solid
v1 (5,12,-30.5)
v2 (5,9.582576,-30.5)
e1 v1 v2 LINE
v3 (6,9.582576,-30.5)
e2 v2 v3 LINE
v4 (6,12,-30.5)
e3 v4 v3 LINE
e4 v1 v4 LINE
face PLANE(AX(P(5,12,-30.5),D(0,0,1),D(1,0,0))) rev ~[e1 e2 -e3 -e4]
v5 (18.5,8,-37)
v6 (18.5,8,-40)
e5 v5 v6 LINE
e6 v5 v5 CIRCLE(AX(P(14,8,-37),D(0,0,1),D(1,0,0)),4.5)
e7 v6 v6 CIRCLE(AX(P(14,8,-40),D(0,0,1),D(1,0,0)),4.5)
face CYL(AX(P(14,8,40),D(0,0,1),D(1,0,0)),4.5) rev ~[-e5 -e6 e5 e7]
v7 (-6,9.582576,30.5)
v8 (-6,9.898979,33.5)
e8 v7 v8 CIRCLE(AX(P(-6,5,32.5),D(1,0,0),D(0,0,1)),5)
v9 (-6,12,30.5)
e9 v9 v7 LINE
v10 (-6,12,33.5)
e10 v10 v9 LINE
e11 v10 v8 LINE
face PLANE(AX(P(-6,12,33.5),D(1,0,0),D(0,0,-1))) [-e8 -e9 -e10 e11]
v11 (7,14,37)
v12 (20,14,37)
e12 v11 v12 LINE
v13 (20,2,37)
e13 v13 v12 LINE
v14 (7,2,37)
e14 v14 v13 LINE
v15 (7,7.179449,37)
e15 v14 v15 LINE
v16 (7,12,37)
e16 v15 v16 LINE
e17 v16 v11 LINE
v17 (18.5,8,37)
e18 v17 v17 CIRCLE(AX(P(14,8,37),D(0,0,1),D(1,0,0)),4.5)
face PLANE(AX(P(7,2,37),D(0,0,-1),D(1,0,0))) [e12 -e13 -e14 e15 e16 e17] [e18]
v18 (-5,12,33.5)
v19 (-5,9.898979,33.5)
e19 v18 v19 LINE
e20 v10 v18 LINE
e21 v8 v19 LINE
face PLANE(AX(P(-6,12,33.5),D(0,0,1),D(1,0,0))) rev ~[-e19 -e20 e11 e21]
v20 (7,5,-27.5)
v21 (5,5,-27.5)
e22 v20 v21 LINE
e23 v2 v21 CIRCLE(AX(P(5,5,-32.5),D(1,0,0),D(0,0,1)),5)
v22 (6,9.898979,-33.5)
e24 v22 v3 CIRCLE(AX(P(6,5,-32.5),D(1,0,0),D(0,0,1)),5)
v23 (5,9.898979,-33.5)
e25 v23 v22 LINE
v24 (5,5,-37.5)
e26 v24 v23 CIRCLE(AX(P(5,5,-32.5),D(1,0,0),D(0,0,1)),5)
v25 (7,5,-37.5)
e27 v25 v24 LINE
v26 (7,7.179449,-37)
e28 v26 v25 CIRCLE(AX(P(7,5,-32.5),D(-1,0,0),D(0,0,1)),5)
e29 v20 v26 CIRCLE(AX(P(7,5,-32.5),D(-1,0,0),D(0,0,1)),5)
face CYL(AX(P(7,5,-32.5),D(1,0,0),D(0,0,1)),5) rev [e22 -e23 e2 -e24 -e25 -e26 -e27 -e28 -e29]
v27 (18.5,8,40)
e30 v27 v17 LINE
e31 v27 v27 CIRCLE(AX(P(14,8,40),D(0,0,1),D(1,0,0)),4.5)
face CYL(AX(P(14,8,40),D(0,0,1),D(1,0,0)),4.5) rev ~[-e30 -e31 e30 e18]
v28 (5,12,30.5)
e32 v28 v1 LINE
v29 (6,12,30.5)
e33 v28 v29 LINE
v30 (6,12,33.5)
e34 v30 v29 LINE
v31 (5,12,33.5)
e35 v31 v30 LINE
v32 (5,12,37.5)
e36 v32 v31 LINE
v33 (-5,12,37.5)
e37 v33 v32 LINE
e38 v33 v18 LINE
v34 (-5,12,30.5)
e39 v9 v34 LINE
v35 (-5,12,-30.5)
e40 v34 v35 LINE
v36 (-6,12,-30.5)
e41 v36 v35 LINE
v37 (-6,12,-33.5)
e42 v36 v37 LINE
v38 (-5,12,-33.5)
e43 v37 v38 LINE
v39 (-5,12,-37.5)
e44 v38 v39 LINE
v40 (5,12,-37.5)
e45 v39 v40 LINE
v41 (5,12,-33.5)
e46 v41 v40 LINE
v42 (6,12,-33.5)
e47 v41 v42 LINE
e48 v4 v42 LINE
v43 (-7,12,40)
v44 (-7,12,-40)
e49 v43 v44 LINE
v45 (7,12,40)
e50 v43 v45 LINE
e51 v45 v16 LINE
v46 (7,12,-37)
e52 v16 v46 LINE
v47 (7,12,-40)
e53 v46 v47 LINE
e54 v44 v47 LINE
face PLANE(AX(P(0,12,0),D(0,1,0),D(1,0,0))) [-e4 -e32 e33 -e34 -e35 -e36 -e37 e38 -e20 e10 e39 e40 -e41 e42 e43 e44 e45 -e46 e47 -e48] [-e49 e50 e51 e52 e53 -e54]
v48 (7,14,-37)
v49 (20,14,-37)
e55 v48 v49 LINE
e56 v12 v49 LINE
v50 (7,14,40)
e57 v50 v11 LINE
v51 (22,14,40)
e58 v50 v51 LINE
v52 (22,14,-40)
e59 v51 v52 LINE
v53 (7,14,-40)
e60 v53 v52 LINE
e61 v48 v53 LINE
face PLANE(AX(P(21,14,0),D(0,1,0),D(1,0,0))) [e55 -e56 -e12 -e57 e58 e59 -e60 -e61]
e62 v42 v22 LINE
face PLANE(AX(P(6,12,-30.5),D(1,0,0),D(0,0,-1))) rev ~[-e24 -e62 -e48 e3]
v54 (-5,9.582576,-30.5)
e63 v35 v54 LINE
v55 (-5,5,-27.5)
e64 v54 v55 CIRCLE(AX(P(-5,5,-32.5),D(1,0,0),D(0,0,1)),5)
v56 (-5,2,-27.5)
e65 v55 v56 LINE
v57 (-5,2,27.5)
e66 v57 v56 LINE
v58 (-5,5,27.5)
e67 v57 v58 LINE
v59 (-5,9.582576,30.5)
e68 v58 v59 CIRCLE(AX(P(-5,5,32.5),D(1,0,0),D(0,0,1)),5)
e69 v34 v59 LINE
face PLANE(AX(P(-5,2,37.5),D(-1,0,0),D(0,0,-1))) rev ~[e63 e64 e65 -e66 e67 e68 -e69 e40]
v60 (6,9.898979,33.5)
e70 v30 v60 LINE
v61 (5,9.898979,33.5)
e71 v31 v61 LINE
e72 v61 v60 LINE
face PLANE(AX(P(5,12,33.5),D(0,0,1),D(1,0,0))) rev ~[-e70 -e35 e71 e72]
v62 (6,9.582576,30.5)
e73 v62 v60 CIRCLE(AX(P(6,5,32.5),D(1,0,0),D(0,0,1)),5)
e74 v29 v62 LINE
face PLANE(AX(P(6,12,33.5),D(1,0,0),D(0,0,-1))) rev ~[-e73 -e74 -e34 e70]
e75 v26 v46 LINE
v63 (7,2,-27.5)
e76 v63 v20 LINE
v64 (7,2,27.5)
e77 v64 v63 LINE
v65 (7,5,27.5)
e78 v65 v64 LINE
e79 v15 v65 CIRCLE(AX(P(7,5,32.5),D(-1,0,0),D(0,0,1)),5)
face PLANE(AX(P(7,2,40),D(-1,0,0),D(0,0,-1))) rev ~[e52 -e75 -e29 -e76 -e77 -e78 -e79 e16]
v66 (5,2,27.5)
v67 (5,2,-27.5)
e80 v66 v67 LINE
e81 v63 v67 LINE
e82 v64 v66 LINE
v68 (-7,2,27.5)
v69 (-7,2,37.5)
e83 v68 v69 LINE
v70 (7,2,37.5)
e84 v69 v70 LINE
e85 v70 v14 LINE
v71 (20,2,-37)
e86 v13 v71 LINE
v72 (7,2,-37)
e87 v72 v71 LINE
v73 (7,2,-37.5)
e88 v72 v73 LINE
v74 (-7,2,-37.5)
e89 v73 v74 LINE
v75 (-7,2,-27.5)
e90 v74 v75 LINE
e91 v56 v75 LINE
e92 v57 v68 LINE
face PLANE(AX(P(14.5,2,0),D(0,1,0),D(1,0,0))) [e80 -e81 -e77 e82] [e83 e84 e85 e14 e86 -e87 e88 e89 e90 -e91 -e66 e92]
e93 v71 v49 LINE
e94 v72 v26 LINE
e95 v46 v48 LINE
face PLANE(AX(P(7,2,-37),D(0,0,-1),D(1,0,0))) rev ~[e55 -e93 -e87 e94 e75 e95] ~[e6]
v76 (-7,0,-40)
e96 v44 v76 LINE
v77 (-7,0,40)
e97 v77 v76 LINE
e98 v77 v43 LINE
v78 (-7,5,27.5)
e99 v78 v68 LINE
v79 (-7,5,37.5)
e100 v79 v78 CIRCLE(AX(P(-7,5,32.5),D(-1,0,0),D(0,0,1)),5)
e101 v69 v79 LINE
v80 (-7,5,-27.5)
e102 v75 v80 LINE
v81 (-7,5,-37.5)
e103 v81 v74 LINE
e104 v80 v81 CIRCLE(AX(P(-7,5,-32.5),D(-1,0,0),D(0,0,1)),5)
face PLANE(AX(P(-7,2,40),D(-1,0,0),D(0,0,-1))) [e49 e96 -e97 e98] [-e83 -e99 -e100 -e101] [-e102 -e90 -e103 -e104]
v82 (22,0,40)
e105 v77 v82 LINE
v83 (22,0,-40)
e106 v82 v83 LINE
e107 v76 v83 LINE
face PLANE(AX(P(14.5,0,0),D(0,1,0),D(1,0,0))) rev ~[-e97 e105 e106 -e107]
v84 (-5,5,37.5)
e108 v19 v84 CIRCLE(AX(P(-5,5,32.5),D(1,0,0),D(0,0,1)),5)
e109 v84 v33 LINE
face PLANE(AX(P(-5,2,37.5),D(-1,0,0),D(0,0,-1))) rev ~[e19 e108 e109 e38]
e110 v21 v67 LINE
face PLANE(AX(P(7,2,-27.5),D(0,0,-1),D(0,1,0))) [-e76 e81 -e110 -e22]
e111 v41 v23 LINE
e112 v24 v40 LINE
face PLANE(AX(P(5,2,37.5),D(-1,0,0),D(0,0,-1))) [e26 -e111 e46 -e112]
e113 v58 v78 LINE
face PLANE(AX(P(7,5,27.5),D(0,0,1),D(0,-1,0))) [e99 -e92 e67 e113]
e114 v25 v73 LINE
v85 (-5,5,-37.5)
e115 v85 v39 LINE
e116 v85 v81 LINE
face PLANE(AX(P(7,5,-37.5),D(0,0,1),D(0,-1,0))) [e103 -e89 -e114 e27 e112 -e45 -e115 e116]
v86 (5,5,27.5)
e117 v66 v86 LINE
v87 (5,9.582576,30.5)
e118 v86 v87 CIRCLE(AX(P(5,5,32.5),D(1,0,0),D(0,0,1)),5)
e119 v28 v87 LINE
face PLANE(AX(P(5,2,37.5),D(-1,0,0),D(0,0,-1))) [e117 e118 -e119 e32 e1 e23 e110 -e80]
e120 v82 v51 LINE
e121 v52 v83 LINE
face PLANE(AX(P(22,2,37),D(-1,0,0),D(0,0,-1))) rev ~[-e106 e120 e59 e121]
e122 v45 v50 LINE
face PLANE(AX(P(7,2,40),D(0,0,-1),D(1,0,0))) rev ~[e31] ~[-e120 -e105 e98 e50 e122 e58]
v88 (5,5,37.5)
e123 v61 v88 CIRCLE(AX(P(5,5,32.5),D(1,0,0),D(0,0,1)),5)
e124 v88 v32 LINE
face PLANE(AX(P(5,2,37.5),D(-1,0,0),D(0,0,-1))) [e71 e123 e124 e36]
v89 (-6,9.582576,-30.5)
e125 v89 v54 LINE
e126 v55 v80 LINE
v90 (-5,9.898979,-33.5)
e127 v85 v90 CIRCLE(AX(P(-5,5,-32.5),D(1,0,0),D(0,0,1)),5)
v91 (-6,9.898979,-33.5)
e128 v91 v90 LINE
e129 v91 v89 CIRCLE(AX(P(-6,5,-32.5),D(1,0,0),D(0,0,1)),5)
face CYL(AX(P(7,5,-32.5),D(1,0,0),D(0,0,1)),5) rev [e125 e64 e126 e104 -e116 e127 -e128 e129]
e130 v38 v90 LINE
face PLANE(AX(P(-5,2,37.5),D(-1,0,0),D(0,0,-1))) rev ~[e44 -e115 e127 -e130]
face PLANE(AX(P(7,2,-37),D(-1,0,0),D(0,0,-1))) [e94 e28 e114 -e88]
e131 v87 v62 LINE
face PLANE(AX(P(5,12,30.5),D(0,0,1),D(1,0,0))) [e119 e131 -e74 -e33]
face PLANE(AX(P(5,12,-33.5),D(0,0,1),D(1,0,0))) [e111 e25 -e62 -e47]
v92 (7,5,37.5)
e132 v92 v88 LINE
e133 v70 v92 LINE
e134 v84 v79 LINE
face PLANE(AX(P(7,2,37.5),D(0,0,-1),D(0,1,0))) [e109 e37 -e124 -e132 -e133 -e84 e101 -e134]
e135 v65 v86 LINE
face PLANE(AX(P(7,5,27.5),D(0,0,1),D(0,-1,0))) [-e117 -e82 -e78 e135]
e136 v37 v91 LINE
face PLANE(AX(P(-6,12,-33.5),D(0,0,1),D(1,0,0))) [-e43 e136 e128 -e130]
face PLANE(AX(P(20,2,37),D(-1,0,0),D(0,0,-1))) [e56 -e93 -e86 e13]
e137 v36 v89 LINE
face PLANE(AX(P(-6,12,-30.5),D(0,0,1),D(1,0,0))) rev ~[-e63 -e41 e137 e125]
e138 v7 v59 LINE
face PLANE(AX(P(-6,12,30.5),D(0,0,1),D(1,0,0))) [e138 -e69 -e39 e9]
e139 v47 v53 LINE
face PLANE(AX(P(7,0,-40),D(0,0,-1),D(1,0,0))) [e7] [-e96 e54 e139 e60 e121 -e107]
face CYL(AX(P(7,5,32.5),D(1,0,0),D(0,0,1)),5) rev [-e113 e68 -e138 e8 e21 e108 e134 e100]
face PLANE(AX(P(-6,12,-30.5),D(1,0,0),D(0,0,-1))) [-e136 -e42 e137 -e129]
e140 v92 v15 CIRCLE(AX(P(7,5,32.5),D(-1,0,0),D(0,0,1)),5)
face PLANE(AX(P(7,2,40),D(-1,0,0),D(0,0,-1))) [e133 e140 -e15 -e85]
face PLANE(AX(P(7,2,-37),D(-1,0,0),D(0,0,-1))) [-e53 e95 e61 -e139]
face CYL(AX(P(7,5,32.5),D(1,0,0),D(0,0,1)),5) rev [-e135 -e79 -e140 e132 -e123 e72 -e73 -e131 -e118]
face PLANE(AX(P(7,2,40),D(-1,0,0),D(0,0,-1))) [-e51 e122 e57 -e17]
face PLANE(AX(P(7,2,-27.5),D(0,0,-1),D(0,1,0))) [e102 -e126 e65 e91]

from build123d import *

# Parameters (mm, degrees)
SKETCH1_W           = 14
SKETCH1_H           = 80
BOSS_EXTRUDE1_DEPTH = 2
SKETCH2_W           = 14
SKETCH2_H           = 80
SKETCH2_W_2         = 10
SKETCH2_H_2         = 75
BOSS_EXTRUDE2_DEPTH = 10
SKETCH3_W           = 1
SKETCH3_H           = 3
CUT_EXTRUDE1_DEPTH  = 10
CUT_EXTRUDE2_DEPTH  = 14
SKETCH5_W           = 15
SKETCH5_H           = 80
BOSS_EXTRUDE3_DEPTH = 2
SKETCH6_W           = 15
SKETCH6_H           = 3
BOSS_EXTRUDE4_DEPTH = 12
SKETCH7_R           = 4.5
CUT_EXTRUDE3_DEPTH  = 80
SKETCH8_W           = 2
SKETCH8_H           = 74
BOSS_EXTRUDE5_DEPTH = 12


with BuildPart() as part:
    # Sketch1 → Boss-Extrude1 (new body)
    with BuildSketch(Plane(origin=(0, 0, 0), x_dir=(1, 0, 0), z_dir=(0, 1, 0))):
        Rectangle(SKETCH1_W, SKETCH1_H)
    extrude(amount=BOSS_EXTRUDE1_DEPTH)

    # Sketch2 → Boss-Extrude2 (add)
    with BuildSketch(Plane(origin=(0, 2, 0), x_dir=(1, 0, 0), z_dir=(0, 1, 0))):
        Rectangle(SKETCH2_W, SKETCH2_H)
        Rectangle(SKETCH2_W_2, SKETCH2_H_2, mode=Mode.SUBTRACT)
    extrude(amount=BOSS_EXTRUDE2_DEPTH)

    # Sketch3 → Cut-Extrude1 (cut)
    with BuildSketch(Plane(origin=(0, 12, 0), x_dir=(1, 0, 0), z_dir=(0, 1, 0))):
        with Locations((-5.5, -32)):
            Rectangle(SKETCH3_W, SKETCH3_H)
        with Locations((5.5, -32)):
            Rectangle(SKETCH3_W, SKETCH3_H)
        with Locations((5.5, 32)):
            Rectangle(SKETCH3_W, SKETCH3_H)
        with Locations((-5.5, 32)):
            Rectangle(SKETCH3_W, SKETCH3_H)
    extrude(amount=-CUT_EXTRUDE1_DEPTH, mode=Mode.SUBTRACT)

    # Sketch4 → Cut-Extrude2 (cut)
    with BuildSketch(Plane(origin=(7, 0, 0), x_dir=(0, 0, -1), z_dir=(1, 0, 0))):
        with BuildLine():
            ThreePointArc((-37.5, 5), (-32.5, 10), (-27.5, 5))
            Line((-27.5, 5), (-27.5, 2))
            Line((-27.5, 2), (-32.5, 2))
            Line((-32.5, 2), (-37.5, 2))
            Line((-37.5, 2), (-37.5, 5))
        make_face()
        with BuildLine():
            ThreePointArc((27.5, 5), (32.5, 10), (37.5, 5))
            Line((37.5, 5), (37.5, 2))
            Line((37.5, 2), (32.5, 2))
            Line((32.5, 2), (27.5, 2))
            Line((27.5, 2), (27.5, 5))
        make_face()
    extrude(amount=-CUT_EXTRUDE2_DEPTH, mode=Mode.SUBTRACT)

    # Sketch5 → Boss-Extrude3 (add)
    with BuildSketch(Plane(origin=(0, 0, 0), x_dir=(1, 0, 0), z_dir=(0, 1, 0))):
        with Locations((14.5, 0)):
            Rectangle(SKETCH5_W, SKETCH5_H)
    extrude(amount=BOSS_EXTRUDE3_DEPTH)

    # Sketch6 → Boss-Extrude4 (add)
    with BuildSketch(Plane(origin=(0, 2, 0), x_dir=(1, 0, 0), z_dir=(0, 1, 0))):
        with Locations((14.5, -38.5)):
            Rectangle(SKETCH6_W, SKETCH6_H)
        with Locations((14.5, 38.5)):
            Rectangle(SKETCH6_W, SKETCH6_H)
    extrude(amount=BOSS_EXTRUDE4_DEPTH)

    # Sketch7 → Cut-Extrude3 (cut)
    with BuildSketch(Plane.XY.offset(40)):
        with Locations((14, 8)):
            Circle(SKETCH7_R)
    extrude(amount=-CUT_EXTRUDE3_DEPTH, mode=Mode.SUBTRACT)

    # Sketch8 → Boss-Extrude5 (add)
    with BuildSketch(Plane(origin=(0, 2, 0), x_dir=(1, 0, 0), z_dir=(0, 1, 0))):
        with Locations((21, 0)):
            Rectangle(SKETCH8_W, SKETCH8_H)
    extrude(amount=BOSS_EXTRUDE5_DEPTH)


solid = part.part
